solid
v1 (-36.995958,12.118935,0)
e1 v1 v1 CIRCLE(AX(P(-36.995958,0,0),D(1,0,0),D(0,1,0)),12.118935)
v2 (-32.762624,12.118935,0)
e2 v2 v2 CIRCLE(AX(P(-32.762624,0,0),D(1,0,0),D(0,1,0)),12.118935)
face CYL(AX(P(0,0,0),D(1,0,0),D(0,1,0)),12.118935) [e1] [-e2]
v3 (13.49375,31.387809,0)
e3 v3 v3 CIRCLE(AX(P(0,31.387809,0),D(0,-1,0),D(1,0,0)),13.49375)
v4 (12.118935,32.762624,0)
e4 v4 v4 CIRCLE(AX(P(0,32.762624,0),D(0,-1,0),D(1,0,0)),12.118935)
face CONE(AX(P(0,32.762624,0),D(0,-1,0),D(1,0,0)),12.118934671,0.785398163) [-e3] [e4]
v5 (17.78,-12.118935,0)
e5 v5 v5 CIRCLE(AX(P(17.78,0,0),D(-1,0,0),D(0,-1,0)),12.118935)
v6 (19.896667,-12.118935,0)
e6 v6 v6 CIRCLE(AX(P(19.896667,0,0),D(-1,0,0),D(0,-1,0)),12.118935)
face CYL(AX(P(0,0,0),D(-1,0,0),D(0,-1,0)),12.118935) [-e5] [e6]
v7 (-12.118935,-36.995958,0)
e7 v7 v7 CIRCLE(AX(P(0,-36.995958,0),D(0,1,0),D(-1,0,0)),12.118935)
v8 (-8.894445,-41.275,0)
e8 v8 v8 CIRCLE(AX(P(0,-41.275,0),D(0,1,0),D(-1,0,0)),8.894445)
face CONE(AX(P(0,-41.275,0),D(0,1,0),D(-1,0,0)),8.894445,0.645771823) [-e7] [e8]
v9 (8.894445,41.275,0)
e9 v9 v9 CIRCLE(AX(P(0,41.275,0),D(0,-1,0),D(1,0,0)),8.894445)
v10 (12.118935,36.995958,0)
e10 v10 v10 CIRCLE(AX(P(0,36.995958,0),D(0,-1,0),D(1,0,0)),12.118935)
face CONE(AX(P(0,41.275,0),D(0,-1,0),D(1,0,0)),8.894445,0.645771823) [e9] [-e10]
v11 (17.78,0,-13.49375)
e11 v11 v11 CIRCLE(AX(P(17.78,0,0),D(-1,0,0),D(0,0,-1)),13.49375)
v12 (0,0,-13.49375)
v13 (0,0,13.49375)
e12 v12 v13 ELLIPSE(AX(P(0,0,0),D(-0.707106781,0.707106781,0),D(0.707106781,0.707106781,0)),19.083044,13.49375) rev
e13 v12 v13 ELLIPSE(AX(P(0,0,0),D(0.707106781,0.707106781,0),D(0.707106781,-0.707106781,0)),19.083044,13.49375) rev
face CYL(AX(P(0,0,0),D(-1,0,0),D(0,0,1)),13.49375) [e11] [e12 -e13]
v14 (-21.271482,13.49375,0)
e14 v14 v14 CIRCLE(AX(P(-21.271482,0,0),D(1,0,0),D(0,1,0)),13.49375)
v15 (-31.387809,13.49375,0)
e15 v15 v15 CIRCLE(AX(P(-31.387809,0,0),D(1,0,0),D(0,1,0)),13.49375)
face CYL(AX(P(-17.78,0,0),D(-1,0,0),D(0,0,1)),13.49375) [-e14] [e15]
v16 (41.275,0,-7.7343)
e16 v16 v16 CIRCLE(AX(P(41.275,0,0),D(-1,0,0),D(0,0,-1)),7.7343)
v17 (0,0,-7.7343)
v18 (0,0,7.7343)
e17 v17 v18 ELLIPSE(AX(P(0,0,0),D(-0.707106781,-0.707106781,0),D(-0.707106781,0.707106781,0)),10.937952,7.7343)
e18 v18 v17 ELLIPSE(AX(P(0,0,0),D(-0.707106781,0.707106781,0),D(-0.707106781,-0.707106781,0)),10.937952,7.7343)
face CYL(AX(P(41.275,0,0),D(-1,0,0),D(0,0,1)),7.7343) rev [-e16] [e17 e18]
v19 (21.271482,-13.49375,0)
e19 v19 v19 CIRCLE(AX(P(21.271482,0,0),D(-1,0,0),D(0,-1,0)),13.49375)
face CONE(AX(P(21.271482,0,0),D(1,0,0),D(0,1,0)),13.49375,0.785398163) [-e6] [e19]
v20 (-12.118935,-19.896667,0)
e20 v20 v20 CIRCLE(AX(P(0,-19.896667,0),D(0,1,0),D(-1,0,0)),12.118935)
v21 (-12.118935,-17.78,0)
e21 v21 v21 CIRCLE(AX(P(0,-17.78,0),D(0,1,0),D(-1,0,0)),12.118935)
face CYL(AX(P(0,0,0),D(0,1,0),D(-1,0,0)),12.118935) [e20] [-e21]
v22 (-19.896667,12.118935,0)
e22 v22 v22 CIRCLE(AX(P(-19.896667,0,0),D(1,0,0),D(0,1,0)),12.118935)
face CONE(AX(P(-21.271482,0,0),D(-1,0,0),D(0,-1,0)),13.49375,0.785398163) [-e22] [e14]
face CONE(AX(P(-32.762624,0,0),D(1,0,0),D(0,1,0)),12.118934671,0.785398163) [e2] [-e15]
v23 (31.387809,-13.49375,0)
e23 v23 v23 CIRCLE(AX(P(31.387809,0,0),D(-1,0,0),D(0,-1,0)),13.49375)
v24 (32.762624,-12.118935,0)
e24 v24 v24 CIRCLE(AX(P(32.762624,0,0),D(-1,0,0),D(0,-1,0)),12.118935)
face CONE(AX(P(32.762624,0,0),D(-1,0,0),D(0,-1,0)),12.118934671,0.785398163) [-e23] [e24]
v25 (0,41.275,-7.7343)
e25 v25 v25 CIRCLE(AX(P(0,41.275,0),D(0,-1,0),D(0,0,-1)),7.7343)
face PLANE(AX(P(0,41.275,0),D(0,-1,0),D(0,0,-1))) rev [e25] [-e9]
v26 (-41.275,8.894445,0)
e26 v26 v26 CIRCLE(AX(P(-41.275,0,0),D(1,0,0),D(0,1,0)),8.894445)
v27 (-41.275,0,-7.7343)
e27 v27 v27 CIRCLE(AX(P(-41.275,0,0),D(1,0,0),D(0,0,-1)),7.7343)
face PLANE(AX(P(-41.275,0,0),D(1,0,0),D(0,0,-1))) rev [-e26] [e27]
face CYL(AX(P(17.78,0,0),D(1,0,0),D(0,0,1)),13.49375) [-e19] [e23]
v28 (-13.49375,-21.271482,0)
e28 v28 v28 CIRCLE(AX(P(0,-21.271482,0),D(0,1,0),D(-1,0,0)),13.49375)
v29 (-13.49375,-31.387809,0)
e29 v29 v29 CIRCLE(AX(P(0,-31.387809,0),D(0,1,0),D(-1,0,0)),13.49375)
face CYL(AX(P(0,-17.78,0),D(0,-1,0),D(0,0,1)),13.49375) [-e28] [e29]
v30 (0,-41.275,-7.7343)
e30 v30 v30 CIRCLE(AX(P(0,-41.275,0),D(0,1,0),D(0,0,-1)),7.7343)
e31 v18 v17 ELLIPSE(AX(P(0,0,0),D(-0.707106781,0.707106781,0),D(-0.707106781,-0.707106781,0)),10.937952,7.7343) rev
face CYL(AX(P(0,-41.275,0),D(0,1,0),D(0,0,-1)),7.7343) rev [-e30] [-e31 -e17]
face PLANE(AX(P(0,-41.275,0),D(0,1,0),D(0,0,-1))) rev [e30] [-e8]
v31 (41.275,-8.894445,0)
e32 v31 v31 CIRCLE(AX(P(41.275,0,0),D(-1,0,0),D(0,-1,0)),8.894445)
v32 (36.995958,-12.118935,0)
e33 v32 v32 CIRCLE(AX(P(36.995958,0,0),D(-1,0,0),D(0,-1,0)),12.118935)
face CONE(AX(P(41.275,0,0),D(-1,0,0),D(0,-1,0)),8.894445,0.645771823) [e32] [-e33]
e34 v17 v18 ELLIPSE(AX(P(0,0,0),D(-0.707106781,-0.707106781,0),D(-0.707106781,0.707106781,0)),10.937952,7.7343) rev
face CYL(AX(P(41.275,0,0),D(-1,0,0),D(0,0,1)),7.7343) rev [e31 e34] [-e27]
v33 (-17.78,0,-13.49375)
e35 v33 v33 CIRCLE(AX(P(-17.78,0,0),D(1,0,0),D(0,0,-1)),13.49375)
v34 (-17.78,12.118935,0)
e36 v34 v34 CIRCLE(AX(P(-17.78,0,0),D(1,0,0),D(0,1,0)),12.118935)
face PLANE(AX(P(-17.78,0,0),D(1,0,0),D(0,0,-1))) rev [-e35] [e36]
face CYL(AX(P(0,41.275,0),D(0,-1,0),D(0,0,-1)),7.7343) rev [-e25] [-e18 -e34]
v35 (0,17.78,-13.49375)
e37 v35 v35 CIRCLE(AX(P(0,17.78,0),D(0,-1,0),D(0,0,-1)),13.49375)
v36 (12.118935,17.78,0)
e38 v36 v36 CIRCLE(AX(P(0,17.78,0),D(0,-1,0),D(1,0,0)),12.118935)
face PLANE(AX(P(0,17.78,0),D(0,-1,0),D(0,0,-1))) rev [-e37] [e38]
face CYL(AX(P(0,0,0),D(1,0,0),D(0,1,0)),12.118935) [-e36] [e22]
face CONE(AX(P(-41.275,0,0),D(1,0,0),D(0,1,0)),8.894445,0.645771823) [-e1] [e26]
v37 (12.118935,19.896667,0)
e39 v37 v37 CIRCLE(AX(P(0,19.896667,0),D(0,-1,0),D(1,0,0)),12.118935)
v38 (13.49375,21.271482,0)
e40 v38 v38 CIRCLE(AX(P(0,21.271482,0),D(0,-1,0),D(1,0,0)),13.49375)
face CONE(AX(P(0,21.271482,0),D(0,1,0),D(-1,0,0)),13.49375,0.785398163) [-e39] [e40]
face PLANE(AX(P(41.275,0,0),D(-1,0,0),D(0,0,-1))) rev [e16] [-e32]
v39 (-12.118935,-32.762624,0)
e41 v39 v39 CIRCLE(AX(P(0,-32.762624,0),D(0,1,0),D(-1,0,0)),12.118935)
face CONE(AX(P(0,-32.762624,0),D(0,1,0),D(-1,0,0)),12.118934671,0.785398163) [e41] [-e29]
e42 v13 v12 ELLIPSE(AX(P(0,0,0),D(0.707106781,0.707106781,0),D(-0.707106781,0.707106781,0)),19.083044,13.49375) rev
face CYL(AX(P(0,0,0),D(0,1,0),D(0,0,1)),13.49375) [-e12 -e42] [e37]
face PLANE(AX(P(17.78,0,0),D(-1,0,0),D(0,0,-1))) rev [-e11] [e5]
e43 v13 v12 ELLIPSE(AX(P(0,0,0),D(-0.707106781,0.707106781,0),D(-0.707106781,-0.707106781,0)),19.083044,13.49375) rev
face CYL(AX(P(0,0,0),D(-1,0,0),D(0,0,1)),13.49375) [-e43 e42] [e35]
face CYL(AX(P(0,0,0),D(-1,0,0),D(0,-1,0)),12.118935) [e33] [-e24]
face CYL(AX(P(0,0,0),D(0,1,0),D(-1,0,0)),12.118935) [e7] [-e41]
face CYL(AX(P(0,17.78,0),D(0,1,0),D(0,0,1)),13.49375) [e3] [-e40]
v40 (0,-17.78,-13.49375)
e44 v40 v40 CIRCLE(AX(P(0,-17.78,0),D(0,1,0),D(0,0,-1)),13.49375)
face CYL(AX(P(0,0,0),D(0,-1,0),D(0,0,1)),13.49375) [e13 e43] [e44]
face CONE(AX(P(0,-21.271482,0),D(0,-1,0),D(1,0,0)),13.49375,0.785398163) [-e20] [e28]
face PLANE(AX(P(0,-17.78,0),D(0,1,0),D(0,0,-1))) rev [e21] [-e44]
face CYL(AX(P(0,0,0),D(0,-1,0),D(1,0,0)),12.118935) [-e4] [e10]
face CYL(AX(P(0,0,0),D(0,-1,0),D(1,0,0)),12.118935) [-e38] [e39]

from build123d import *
from build123d.topology import SkipClean

# Parameters (mm, degrees)
SKETCH2_R               = 13.49375
EXTRUDE1_DEPTH          = 23.495
SKETCH15_R              = 13.49375
BOSS_EXTRUDE1_DEPTH     = 17.78
SKETCH16_R              = 7.7343
CUT_EXTRUDE1_DEPTH      = 46.47293924
CIRPATTERN1_COUNT       = 4
CIRPATTERN1_ANGLE       = 270
SKETCH17_R              = 7.7343
CUT_EXTRUDE2_DEPTH      = 94.274913101
CUT_EXTRUDE3_REACH      = 95.275
SKETCH18_R              = 7.7343
CUT_EXTRUDE4_DEPTH      = 60.911038679
CUT_EXTRUDE4_DEPTH_BACK = 60.911038679
SKETCH19_R              = 7.7343
CUT_EXTRUDE5_DEPTH      = 60.911038679
CUT_EXTRUDE5_DEPTH_BACK = 60.911038679
SKETCH20_R              = 7.7343


with BuildPart() as part:
    # Sketch2 → Extrude1 (new body)
    with BuildSketch(Plane(origin=(-41.275, 0, 0), x_dir=(0, 0, -1), z_dir=(1, 0, 0))):
        Circle(SKETCH2_R)
    extrude(amount=EXTRUDE1_DEPTH)

    # Sketch5 → Cut-Revolve1 (revolve, cut)
    with BuildSketch(Plane.XY):
        Polygon((-36.995957679, 12.118934671), (-32.762624346, 12.118934671), (-31.387809017, 13.49375), (-41.275, 13.49375), (-41.275, 8.894445), align=None)
        Polygon((-17.78, 12.118934671), (-19.896666667, 12.118934671), (-21.271481995, 13.49375), (-17.78, 13.49375), align=None)
    revolve(axis=Axis((0, 0, 0), (-1, 0, 0)), mode=Mode.SUBTRACT)

    # Sketch15 → Boss-Extrude1 (add)
    with BuildSketch(Plane(origin=(-17.78, 0, 0), x_dir=(0, 0, -1), z_dir=(1, 0, 0))):
        with Locations(Location((0, 0, 0), (0, 0, 90))):
            Circle(SKETCH15_R)
    extrude(amount=BOSS_EXTRUDE1_DEPTH)

    # Sketch16 → Cut-Extrude1 (cut, through all)
    with BuildSketch(Plane(origin=(0, 0, 0), x_dir=(0, 0, -1), z_dir=(1, 0, 0))):
        Circle(SKETCH16_R)
    extrude(amount=-CUT_EXTRUDE1_DEPTH, mode=Mode.SUBTRACT)


with BuildPart() as cirpattern1_1:
    # CirPattern1: pattern copy
    add(part.part.rotate(Axis((0, 0, 0), (0, 0, -1)), 1 * CIRPATTERN1_ANGLE / (CIRPATTERN1_COUNT - 1)))

    # Sketch17 → Cut-Extrude2 (cut, through all)
    with BuildSketch(Plane.ZY.offset(41.275)):
        with Locations(Location((0, 0, 0), (0, 0, 180))):
            Circle(SKETCH17_R)
    extrude(amount=-CUT_EXTRUDE2_DEPTH, mode=Mode.SUBTRACT)


with BuildPart() as cirpattern1_2:
    # CirPattern1: pattern copy
    add(part.part.rotate(Axis((0, 0, 0), (0, 0, -1)), 2 * CIRPATTERN1_ANGLE / (CIRPATTERN1_COUNT - 1)))


with BuildPart() as cirpattern1_3:
    # CirPattern1: pattern copy
    add(part.part.rotate(Axis((0, 0, 0), (0, 0, -1)), 3 * CIRPATTERN1_ANGLE / (CIRPATTERN1_COUNT - 1)))


with BuildPart() as cirpattern1_1_1:
    add(cirpattern1_1.part)

    # Combine1: union part, CirPattern1_2, CirPattern1_3
    add(part.part)
    add(cirpattern1_2.part)
    add(cirpattern1_3.part)

    # Sketch18 → Cut-Extrude3 (cut, up to next)
    with BuildSketch(Plane(origin=(0, 41.275, 0), x_dir=(1, 0, 0), z_dir=(0, 1, 0)), mode=Mode.PRIVATE) as cut_extrude3_sk1:
        with Locations(Location((0, 0, 0), (0, 0, 90))):
            Circle(SKETCH18_R)
    cut_extrude3_tool1 = extrude(cut_extrude3_sk1.sketch, amount=-CUT_EXTRUDE3_REACH, mode=Mode.PRIVATE) & cirpattern1_1_1.part
    add(cut_extrude3_tool1.solids().sort_by_distance((0, 41.275, 0))[0], mode=Mode.SUBTRACT)

    # Sketch19 → Cut-Extrude4 (cut, two sides: drawn at the far end of the back side and taken through both)
    with SkipClean():  # the faces are left unmerged after this step: merging them gives an invalid solid
        with BuildSketch(Plane(origin=(0, 0, 0), x_dir=(0, 0, -1), z_dir=(1, 0, 0)).offset(-CUT_EXTRUDE4_DEPTH_BACK)):
            Circle(SKETCH19_R)
        extrude(amount=CUT_EXTRUDE4_DEPTH + CUT_EXTRUDE4_DEPTH_BACK, mode=Mode.SUBTRACT)

    # Sketch20 → Cut-Extrude5 (cut, two sides: drawn at the far end of the back side and taken through both)
    with BuildSketch(Plane(origin=(0, 0, 0), x_dir=(1, 0, 0), z_dir=(0, 1, 0)).offset(-CUT_EXTRUDE5_DEPTH_BACK)):
        with Locations(Location((0, 0, 0), (0, 0, 90))):
            Circle(SKETCH20_R)
    extrude(amount=CUT_EXTRUDE5_DEPTH + CUT_EXTRUDE5_DEPTH_BACK, mode=Mode.SUBTRACT)


solid = cirpattern1_1_1.part
